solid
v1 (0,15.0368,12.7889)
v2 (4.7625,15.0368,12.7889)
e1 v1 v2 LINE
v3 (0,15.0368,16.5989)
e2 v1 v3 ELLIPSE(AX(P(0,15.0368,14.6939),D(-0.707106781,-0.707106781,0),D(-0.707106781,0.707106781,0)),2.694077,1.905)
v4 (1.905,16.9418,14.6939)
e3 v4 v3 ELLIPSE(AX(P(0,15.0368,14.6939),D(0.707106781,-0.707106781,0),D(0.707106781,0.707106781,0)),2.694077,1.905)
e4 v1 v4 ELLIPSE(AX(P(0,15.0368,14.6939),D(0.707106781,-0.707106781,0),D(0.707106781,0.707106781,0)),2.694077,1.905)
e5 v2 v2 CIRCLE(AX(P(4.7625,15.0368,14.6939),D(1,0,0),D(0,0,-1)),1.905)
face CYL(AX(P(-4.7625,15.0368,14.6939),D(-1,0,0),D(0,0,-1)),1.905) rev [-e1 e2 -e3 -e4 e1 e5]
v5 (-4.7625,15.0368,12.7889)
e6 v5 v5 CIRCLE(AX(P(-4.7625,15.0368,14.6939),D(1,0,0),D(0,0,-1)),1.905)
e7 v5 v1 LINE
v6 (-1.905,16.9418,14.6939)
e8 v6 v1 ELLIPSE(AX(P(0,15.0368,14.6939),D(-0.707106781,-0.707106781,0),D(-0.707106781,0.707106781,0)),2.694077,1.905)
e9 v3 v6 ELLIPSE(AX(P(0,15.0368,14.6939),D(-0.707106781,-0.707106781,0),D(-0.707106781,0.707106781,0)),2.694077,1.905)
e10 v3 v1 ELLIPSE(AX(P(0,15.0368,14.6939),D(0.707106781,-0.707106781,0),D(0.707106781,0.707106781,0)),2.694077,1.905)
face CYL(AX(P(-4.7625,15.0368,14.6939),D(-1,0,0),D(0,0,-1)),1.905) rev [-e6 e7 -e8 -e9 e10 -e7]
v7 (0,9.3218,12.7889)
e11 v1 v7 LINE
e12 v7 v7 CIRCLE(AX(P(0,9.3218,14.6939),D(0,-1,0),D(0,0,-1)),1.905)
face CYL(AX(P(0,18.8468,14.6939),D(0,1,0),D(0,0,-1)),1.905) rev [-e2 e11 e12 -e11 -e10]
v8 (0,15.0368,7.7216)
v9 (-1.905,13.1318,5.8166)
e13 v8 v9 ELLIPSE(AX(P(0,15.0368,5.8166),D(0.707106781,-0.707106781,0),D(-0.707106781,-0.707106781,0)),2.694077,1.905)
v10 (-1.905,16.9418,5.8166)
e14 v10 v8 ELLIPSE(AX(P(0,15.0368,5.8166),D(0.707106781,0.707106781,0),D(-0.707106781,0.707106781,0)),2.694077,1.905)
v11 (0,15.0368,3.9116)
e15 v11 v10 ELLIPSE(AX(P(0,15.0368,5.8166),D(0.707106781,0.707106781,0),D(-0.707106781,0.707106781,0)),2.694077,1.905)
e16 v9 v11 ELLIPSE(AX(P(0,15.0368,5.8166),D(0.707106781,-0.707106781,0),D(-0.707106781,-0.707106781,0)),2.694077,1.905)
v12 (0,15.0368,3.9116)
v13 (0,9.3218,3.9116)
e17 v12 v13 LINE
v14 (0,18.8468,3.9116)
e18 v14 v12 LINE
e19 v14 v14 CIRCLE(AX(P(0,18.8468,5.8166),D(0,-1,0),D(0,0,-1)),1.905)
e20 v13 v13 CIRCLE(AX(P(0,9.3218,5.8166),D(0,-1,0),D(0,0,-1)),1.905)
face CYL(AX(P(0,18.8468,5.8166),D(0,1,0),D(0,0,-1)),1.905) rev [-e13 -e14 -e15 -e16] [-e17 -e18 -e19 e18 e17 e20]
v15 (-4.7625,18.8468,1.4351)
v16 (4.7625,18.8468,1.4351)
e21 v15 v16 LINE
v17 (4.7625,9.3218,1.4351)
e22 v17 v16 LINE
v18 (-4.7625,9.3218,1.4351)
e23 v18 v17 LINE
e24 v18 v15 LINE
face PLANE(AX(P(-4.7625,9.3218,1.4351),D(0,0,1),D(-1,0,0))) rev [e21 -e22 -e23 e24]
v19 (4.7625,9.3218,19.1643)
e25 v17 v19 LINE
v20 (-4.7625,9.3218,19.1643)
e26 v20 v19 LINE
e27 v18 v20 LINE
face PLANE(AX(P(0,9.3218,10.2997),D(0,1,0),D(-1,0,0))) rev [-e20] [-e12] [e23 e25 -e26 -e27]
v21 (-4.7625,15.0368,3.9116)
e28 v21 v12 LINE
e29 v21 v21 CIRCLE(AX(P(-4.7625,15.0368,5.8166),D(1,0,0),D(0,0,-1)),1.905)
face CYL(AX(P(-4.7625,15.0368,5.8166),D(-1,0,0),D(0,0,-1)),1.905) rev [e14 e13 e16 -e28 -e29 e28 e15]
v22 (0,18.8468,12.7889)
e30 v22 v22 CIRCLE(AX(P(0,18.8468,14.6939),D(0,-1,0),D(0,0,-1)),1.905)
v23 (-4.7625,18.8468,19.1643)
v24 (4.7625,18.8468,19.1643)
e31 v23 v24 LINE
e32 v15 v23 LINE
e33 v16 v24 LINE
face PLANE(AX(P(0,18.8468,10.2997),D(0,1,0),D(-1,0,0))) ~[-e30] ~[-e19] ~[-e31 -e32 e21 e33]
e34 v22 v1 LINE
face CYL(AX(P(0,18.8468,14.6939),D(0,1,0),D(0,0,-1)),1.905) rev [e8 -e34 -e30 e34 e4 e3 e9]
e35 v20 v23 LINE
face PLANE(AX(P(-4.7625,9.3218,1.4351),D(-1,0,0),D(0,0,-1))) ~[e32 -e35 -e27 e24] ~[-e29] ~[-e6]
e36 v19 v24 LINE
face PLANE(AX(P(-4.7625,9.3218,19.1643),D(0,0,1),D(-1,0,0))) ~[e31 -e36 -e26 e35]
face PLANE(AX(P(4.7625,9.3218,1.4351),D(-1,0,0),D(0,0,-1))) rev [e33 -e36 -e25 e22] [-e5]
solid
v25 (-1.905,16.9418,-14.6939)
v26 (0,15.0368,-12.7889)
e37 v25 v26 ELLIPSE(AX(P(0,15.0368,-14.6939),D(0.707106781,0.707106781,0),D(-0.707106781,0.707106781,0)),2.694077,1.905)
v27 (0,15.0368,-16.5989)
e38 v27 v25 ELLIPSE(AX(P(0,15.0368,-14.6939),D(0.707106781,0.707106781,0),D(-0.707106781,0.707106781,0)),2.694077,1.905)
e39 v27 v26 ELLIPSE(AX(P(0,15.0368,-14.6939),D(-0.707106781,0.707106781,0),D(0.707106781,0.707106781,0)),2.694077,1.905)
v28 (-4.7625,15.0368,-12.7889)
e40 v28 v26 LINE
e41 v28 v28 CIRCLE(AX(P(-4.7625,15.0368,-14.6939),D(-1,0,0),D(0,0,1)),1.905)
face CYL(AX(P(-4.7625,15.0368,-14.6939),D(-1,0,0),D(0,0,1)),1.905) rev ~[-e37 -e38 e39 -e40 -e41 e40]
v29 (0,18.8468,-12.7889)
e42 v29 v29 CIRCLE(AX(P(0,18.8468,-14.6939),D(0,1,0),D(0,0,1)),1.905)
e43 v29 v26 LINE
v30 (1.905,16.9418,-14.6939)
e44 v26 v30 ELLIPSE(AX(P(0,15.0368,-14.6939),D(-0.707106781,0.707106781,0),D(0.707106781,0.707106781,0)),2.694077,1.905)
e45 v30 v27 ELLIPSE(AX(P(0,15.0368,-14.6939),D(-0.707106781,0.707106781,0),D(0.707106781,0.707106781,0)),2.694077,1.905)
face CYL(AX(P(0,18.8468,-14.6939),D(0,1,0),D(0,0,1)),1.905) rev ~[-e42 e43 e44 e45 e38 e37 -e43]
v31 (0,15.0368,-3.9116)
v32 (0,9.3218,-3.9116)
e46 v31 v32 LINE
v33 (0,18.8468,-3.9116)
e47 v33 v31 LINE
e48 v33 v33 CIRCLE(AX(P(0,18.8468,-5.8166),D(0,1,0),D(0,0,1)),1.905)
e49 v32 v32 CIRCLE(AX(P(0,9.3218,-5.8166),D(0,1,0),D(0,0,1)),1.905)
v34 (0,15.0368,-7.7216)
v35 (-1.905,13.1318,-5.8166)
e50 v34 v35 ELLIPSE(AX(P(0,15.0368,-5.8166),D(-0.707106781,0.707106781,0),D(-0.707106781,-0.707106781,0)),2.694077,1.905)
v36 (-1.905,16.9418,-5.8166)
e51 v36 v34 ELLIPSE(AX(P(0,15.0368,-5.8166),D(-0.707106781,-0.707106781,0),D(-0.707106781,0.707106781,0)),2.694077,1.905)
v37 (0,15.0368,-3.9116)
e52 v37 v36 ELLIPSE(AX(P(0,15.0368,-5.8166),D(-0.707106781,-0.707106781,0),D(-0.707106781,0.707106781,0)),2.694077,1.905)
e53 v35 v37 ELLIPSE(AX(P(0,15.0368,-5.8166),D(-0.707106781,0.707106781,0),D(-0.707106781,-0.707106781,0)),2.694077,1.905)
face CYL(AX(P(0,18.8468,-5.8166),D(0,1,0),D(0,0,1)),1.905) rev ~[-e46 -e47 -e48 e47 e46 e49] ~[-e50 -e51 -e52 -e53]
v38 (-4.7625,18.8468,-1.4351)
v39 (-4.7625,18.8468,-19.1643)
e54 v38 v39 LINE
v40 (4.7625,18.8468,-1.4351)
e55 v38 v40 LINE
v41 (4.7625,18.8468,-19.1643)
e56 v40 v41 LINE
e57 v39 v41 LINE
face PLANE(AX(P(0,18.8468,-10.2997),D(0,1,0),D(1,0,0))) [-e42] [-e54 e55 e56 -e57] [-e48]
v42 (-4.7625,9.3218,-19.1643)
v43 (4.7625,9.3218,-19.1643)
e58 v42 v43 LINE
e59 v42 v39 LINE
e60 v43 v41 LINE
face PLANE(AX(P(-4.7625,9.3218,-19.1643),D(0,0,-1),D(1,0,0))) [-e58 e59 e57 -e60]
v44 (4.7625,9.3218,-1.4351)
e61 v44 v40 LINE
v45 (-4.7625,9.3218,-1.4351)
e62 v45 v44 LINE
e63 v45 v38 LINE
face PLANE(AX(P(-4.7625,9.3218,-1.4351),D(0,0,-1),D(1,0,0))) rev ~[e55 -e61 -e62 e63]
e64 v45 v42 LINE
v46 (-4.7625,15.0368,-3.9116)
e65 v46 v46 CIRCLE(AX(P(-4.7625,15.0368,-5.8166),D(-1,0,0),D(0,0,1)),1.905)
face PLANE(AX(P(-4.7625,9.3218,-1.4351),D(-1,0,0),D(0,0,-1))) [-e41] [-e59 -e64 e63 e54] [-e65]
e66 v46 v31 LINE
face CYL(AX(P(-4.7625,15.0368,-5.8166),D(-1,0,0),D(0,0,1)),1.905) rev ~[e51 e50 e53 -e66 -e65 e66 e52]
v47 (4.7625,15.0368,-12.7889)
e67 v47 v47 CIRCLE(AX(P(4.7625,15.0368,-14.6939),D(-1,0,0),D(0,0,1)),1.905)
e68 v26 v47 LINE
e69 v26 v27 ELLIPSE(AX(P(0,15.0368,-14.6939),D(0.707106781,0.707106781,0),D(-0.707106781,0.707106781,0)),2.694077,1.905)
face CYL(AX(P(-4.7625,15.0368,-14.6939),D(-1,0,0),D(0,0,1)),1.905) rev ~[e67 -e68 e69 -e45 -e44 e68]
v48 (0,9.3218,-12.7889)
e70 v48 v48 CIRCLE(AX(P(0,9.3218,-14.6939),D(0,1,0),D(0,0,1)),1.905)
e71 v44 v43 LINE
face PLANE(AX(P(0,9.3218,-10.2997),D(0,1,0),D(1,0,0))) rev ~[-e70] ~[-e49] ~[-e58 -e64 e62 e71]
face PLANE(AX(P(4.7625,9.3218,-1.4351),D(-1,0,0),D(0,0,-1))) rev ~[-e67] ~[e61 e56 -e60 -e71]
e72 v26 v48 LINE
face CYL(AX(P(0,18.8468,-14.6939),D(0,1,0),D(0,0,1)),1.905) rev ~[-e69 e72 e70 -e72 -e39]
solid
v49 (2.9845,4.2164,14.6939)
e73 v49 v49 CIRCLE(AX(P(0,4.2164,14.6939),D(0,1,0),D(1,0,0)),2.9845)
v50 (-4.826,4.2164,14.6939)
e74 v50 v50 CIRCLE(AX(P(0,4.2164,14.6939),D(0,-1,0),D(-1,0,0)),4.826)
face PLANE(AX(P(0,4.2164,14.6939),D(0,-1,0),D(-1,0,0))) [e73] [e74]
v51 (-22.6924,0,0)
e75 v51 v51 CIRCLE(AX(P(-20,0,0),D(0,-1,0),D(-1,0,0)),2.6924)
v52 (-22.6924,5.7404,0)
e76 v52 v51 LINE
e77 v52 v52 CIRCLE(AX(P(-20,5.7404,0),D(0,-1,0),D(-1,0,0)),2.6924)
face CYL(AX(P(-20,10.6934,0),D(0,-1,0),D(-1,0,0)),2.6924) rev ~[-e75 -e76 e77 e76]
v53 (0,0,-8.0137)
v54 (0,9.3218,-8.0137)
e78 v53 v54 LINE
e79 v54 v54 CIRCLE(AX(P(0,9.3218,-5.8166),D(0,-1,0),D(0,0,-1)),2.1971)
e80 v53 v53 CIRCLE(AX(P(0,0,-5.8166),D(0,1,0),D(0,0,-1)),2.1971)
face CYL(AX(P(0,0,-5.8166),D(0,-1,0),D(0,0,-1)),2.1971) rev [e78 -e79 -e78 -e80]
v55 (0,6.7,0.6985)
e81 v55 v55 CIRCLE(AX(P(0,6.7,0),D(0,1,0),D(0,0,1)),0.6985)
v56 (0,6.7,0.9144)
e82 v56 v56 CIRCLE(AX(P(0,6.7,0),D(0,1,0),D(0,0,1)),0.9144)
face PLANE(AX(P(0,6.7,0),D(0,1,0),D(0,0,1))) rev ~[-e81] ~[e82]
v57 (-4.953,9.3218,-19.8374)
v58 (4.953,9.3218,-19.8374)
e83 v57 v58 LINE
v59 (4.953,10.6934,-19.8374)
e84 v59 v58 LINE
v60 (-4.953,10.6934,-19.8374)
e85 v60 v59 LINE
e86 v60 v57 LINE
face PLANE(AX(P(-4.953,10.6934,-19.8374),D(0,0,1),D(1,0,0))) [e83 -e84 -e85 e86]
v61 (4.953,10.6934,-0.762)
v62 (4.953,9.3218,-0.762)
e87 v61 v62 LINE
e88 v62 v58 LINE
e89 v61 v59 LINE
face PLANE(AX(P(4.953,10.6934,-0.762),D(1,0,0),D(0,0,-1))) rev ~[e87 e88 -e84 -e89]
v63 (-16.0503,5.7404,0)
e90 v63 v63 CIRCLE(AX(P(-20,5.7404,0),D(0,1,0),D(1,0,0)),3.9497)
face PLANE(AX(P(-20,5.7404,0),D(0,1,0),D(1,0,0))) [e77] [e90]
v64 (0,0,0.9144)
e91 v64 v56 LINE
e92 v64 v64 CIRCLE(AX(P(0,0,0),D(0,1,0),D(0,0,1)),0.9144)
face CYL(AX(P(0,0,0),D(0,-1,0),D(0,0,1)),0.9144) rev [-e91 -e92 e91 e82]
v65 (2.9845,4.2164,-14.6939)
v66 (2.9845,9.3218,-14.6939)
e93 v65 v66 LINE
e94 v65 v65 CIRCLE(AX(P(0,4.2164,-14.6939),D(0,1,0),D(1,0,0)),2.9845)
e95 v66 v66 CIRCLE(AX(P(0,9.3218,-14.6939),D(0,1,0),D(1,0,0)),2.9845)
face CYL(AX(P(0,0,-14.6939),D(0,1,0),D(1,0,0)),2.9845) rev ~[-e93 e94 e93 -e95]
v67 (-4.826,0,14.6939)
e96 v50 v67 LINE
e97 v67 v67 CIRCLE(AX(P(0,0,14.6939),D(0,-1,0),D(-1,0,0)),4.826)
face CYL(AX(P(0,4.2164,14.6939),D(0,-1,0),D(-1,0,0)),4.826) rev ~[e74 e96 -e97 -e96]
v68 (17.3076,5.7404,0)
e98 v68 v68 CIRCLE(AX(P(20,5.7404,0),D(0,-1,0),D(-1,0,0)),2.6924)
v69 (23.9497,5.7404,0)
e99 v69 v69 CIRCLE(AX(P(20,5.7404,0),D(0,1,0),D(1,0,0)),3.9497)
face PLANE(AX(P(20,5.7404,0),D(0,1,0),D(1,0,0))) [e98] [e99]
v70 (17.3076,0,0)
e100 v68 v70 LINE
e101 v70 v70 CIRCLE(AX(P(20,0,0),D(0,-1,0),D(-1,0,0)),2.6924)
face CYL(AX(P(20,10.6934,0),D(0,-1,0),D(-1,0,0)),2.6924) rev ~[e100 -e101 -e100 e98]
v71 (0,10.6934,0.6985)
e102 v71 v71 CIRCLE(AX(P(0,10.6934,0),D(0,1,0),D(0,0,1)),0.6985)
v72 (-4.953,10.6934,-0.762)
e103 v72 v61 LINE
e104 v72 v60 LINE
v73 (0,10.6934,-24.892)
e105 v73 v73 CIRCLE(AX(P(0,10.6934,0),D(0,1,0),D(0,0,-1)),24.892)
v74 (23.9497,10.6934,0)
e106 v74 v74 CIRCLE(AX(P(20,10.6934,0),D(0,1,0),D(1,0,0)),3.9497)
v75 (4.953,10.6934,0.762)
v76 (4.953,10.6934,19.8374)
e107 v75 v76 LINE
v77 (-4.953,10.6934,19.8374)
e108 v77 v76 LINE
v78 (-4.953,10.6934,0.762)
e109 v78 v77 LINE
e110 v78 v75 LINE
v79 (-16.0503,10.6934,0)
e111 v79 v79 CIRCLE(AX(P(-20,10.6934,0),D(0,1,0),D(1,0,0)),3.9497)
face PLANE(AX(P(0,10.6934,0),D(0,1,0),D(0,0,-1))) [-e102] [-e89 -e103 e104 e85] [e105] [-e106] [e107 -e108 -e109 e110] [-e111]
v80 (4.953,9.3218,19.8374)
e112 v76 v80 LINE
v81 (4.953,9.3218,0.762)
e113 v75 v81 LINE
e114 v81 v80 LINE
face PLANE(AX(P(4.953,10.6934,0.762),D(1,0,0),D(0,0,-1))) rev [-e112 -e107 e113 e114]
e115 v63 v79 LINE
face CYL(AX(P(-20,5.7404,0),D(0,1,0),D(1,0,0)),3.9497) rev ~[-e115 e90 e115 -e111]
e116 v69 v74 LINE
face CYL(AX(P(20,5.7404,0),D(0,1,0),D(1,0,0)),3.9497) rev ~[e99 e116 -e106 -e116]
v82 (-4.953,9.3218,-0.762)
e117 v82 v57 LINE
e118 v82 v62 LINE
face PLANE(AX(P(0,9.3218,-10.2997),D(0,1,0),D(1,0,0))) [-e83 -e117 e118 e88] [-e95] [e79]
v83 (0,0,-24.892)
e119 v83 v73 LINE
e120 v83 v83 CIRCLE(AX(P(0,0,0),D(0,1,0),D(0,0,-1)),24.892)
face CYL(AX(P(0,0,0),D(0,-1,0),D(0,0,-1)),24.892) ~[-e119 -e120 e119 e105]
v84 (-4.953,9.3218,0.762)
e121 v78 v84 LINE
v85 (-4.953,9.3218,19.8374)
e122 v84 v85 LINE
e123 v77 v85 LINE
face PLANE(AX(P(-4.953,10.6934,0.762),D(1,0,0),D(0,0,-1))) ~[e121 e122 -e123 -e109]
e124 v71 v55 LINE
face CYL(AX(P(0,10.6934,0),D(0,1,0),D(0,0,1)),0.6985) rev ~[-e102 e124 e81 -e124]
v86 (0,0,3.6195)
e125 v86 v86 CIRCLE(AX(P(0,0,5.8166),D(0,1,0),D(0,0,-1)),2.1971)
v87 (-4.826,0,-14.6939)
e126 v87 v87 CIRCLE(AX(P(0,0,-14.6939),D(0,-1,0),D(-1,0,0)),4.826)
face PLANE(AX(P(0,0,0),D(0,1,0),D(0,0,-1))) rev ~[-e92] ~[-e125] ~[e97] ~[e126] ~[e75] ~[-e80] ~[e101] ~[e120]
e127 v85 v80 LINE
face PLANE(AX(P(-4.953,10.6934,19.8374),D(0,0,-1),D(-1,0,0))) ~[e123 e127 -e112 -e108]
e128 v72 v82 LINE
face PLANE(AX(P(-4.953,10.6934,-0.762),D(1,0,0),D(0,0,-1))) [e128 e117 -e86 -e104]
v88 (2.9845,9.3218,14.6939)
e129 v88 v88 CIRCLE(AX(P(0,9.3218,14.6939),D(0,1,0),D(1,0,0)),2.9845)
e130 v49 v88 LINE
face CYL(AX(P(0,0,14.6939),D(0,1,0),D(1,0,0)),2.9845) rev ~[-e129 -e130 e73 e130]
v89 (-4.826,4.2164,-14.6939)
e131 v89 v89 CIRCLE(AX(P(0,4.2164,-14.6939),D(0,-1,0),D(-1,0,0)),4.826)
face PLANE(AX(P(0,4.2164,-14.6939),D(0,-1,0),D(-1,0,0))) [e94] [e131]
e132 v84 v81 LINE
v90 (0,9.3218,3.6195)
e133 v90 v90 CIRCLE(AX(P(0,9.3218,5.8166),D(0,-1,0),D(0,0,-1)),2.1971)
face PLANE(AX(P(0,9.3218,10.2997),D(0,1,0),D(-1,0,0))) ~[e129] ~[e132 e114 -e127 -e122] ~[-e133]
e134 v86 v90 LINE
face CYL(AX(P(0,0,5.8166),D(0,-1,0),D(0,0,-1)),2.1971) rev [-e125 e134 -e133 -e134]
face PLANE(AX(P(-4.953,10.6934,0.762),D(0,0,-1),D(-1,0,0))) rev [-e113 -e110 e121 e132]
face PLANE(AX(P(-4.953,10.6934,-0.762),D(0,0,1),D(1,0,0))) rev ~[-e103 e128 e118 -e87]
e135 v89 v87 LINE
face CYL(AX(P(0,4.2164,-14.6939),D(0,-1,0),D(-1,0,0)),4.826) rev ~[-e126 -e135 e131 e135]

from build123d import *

# Parameters (mm, degrees)
SKETCH1_R                                           = 24.892
BOSS_EXTRUDE1_DEPTH                                 = 10.6934
CBORE_FOR_4_BINDING_HEAD_MACHINE_SCREW1_D           = 5.969
CBORE_FOR_4_BINDING_HEAD_MACHINE_SCREW1_CBORE_D     = 9.652
CBORE_FOR_4_BINDING_HEAD_MACHINE_SCREW1_CBORE_DEPTH = 4.2164
CBORE_FOR_4_BINDING_HEAD_MACHINE_SCREW2_D           = 5.3848
CBORE_FOR_4_BINDING_HEAD_MACHINE_SCREW2_CBORE_D     = 7.8994
CBORE_FOR_4_BINDING_HEAD_MACHINE_SCREW2_CBORE_DEPTH = 4.953
SKETCH6_R                                           = 2.1971
CUT_EXTRUDE1_DEPTH                                  = 37.790924581
SKETCH7_W                                           = 9.906
SKETCH7_H                                           = 19.0754
CUT_EXTRUDE2_DEPTH                                  = 1.3716
SKETCH8_W                                           = 9.525
SKETCH8_H                                           = 17.7292
BOSS_EXTRUDE2_DEPTH                                 = 9.525
SKETCH9_R                                           = 0.9144
CUT_EXTRUDE3_DEPTH                                  = 6.7
SKETCH10_R                                          = 0.6985
CUT_EXTRUDE11_DEPTH                                 = 37.790924581
SKETCH11_R                                          = 1.905
CUT_EXTRUDE12_DEPTH                                 = 40.930254172
CUT_EXTRUDE13_REACH                                 = 45.06
CUT_EXTRUDE13_END_RADIUS                            = 1.905
SKETCH12_R                                          = 1.905
SKETCH13_R                                          = 1.905
CUT_EXTRUDE14_DEPTH                                 = 44.06045639


with BuildPart() as part:
    # Sketch1 → Boss-Extrude1 (new body)
    with BuildSketch(Plane(origin=(0, 0, 0), x_dir=(1, 0, 0), z_dir=(0, 1, 0))):
        with Locations(Location((0, 0, 0), (0, 0, 90))):
            Circle(SKETCH1_R)
    extrude(amount=BOSS_EXTRUDE1_DEPTH)

    # CBORE for #4 Binding Head Machine Screw1 (through all)
    with Locations(Plane(origin=(0, 0, 0), x_dir=(-1, 0, 0), z_dir=(0, -1, 0))):
        with Locations((0, -14.6939), (0, 14.6939)):
            CounterBoreHole(CBORE_FOR_4_BINDING_HEAD_MACHINE_SCREW1_D / 2, CBORE_FOR_4_BINDING_HEAD_MACHINE_SCREW1_CBORE_D / 2, CBORE_FOR_4_BINDING_HEAD_MACHINE_SCREW1_CBORE_DEPTH)

    # CBORE for #4 Binding Head Machine Screw2 (through all)
    with Locations(Plane(origin=(0, 10.6934, 0), x_dir=(1, 0, 0), z_dir=(0, 1, 0))):
        with Locations((-20, 0), (20, 0)):
            CounterBoreHole(CBORE_FOR_4_BINDING_HEAD_MACHINE_SCREW2_D / 2, CBORE_FOR_4_BINDING_HEAD_MACHINE_SCREW2_CBORE_D / 2, CBORE_FOR_4_BINDING_HEAD_MACHINE_SCREW2_CBORE_DEPTH)

    # Sketch6 → Cut-Extrude1 (cut, through all)
    with BuildSketch(Plane(origin=(0, 0, 0), x_dir=(1, 0, 0), z_dir=(0, 1, 0))):
        with Locations(Location((0, -5.8166, 0), (0, 0, 90))):
            Circle(SKETCH6_R)
        with Locations(Location((0, 5.8166, 0), (0, 0, 90))):
            Circle(SKETCH6_R)
    extrude(amount=CUT_EXTRUDE1_DEPTH, mode=Mode.SUBTRACT)

    # Sketch7 → Cut-Extrude2 (cut)
    with BuildSketch(Plane(origin=(0, 10.6934, 0), x_dir=(1, 0, 0), z_dir=(0, 1, 0))):
        with Locations((0, 10.2997)):
            Rectangle(SKETCH7_W, SKETCH7_H)
    cut_extrude2 = extrude(amount=-CUT_EXTRUDE2_DEPTH, mode=Mode.SUBTRACT)

    # Mirror1: Cut-Extrude2 across plane
    add(cut_extrude2.mirror(Plane.XY), mode=Mode.SUBTRACT)

    # Sketch9 → Cut-Extrude3 (cut)
    with BuildSketch(Plane(origin=(0, 0, 0), x_dir=(1, 0, 0), z_dir=(0, 1, 0))):
        with Locations(Location((0, 0, 0), (0, 0, 270))):
            Circle(SKETCH9_R)
    extrude(amount=CUT_EXTRUDE3_DEPTH, mode=Mode.SUBTRACT)

    # Sketch10 → Cut-Extrude11 (cut, through all)
    with BuildSketch(Plane(origin=(0, 10.6934, 0), x_dir=(1, 0, 0), z_dir=(0, 1, 0))):
        with Locations(Location((0, 0, 0), (0, 0, 270))):
            Circle(SKETCH10_R)
    extrude(amount=-CUT_EXTRUDE11_DEPTH, mode=Mode.SUBTRACT)


with BuildPart() as body_2:
    # Sketch8 → Boss-Extrude2 (new body)
    with BuildSketch(Plane(origin=(0, 9.3218, 0), x_dir=(1, 0, 0), z_dir=(0, 1, 0))):
        with Locations((0, 10.2997)):
            Rectangle(SKETCH8_W, SKETCH8_H)
    extrude(amount=BOSS_EXTRUDE2_DEPTH)

    # Sketch11 → Cut-Extrude12 (cut, through all)
    with BuildSketch(Plane(origin=(0, 18.8468, 0), x_dir=(1, 0, 0), z_dir=(0, 1, 0))):
        with Locations(Location((0, 14.6939, 0), (0, 0, 270))):
            Circle(SKETCH11_R)
        with Locations(Location((0, 5.8166, 0), (0, 0, 270))):
            Circle(SKETCH11_R)
    extrude(amount=-CUT_EXTRUDE12_DEPTH, mode=Mode.SUBTRACT)

    # Cut-Extrude13: up to this cylinder (the profile starts outside it)
    cut_extrude13_end = Plane(origin=(0, 15.0368, -5.8166), z_dir=(0, 1, 0)) * Cylinder(CUT_EXTRUDE13_END_RADIUS, 94.93, mode=Mode.PRIVATE)
    # Sketch12 → Cut-Extrude13 (cut, up to the surface)
    with BuildSketch(Plane.ZY.offset(4.7625), mode=Mode.PRIVATE) as cut_extrude13_sk1:
        with Locations((-5.8166, 15.0368)):
            Circle(SKETCH12_R)
    cut_extrude13_tool1 = extrude(cut_extrude13_sk1.sketch, amount=-CUT_EXTRUDE13_REACH, mode=Mode.PRIVATE) - cut_extrude13_end
    add(cut_extrude13_tool1.solids().sort_by_distance((-4.7625, 15.0368, -5.8166))[0], mode=Mode.SUBTRACT)

    # Sketch13 → Cut-Extrude14 (cut, through all)
    with BuildSketch(Plane.ZY.offset(4.7625)):
        with Locations((-14.6939, 15.0368)):
            Circle(SKETCH13_R)
    extrude(amount=-CUT_EXTRUDE14_DEPTH, mode=Mode.SUBTRACT)


with BuildPart() as body_3:
    # Mirror2: mirrored copy
    add(body_2.part.mirror(Plane.XY))


solid = Compound([part.part, body_2.part, body_3.part])
